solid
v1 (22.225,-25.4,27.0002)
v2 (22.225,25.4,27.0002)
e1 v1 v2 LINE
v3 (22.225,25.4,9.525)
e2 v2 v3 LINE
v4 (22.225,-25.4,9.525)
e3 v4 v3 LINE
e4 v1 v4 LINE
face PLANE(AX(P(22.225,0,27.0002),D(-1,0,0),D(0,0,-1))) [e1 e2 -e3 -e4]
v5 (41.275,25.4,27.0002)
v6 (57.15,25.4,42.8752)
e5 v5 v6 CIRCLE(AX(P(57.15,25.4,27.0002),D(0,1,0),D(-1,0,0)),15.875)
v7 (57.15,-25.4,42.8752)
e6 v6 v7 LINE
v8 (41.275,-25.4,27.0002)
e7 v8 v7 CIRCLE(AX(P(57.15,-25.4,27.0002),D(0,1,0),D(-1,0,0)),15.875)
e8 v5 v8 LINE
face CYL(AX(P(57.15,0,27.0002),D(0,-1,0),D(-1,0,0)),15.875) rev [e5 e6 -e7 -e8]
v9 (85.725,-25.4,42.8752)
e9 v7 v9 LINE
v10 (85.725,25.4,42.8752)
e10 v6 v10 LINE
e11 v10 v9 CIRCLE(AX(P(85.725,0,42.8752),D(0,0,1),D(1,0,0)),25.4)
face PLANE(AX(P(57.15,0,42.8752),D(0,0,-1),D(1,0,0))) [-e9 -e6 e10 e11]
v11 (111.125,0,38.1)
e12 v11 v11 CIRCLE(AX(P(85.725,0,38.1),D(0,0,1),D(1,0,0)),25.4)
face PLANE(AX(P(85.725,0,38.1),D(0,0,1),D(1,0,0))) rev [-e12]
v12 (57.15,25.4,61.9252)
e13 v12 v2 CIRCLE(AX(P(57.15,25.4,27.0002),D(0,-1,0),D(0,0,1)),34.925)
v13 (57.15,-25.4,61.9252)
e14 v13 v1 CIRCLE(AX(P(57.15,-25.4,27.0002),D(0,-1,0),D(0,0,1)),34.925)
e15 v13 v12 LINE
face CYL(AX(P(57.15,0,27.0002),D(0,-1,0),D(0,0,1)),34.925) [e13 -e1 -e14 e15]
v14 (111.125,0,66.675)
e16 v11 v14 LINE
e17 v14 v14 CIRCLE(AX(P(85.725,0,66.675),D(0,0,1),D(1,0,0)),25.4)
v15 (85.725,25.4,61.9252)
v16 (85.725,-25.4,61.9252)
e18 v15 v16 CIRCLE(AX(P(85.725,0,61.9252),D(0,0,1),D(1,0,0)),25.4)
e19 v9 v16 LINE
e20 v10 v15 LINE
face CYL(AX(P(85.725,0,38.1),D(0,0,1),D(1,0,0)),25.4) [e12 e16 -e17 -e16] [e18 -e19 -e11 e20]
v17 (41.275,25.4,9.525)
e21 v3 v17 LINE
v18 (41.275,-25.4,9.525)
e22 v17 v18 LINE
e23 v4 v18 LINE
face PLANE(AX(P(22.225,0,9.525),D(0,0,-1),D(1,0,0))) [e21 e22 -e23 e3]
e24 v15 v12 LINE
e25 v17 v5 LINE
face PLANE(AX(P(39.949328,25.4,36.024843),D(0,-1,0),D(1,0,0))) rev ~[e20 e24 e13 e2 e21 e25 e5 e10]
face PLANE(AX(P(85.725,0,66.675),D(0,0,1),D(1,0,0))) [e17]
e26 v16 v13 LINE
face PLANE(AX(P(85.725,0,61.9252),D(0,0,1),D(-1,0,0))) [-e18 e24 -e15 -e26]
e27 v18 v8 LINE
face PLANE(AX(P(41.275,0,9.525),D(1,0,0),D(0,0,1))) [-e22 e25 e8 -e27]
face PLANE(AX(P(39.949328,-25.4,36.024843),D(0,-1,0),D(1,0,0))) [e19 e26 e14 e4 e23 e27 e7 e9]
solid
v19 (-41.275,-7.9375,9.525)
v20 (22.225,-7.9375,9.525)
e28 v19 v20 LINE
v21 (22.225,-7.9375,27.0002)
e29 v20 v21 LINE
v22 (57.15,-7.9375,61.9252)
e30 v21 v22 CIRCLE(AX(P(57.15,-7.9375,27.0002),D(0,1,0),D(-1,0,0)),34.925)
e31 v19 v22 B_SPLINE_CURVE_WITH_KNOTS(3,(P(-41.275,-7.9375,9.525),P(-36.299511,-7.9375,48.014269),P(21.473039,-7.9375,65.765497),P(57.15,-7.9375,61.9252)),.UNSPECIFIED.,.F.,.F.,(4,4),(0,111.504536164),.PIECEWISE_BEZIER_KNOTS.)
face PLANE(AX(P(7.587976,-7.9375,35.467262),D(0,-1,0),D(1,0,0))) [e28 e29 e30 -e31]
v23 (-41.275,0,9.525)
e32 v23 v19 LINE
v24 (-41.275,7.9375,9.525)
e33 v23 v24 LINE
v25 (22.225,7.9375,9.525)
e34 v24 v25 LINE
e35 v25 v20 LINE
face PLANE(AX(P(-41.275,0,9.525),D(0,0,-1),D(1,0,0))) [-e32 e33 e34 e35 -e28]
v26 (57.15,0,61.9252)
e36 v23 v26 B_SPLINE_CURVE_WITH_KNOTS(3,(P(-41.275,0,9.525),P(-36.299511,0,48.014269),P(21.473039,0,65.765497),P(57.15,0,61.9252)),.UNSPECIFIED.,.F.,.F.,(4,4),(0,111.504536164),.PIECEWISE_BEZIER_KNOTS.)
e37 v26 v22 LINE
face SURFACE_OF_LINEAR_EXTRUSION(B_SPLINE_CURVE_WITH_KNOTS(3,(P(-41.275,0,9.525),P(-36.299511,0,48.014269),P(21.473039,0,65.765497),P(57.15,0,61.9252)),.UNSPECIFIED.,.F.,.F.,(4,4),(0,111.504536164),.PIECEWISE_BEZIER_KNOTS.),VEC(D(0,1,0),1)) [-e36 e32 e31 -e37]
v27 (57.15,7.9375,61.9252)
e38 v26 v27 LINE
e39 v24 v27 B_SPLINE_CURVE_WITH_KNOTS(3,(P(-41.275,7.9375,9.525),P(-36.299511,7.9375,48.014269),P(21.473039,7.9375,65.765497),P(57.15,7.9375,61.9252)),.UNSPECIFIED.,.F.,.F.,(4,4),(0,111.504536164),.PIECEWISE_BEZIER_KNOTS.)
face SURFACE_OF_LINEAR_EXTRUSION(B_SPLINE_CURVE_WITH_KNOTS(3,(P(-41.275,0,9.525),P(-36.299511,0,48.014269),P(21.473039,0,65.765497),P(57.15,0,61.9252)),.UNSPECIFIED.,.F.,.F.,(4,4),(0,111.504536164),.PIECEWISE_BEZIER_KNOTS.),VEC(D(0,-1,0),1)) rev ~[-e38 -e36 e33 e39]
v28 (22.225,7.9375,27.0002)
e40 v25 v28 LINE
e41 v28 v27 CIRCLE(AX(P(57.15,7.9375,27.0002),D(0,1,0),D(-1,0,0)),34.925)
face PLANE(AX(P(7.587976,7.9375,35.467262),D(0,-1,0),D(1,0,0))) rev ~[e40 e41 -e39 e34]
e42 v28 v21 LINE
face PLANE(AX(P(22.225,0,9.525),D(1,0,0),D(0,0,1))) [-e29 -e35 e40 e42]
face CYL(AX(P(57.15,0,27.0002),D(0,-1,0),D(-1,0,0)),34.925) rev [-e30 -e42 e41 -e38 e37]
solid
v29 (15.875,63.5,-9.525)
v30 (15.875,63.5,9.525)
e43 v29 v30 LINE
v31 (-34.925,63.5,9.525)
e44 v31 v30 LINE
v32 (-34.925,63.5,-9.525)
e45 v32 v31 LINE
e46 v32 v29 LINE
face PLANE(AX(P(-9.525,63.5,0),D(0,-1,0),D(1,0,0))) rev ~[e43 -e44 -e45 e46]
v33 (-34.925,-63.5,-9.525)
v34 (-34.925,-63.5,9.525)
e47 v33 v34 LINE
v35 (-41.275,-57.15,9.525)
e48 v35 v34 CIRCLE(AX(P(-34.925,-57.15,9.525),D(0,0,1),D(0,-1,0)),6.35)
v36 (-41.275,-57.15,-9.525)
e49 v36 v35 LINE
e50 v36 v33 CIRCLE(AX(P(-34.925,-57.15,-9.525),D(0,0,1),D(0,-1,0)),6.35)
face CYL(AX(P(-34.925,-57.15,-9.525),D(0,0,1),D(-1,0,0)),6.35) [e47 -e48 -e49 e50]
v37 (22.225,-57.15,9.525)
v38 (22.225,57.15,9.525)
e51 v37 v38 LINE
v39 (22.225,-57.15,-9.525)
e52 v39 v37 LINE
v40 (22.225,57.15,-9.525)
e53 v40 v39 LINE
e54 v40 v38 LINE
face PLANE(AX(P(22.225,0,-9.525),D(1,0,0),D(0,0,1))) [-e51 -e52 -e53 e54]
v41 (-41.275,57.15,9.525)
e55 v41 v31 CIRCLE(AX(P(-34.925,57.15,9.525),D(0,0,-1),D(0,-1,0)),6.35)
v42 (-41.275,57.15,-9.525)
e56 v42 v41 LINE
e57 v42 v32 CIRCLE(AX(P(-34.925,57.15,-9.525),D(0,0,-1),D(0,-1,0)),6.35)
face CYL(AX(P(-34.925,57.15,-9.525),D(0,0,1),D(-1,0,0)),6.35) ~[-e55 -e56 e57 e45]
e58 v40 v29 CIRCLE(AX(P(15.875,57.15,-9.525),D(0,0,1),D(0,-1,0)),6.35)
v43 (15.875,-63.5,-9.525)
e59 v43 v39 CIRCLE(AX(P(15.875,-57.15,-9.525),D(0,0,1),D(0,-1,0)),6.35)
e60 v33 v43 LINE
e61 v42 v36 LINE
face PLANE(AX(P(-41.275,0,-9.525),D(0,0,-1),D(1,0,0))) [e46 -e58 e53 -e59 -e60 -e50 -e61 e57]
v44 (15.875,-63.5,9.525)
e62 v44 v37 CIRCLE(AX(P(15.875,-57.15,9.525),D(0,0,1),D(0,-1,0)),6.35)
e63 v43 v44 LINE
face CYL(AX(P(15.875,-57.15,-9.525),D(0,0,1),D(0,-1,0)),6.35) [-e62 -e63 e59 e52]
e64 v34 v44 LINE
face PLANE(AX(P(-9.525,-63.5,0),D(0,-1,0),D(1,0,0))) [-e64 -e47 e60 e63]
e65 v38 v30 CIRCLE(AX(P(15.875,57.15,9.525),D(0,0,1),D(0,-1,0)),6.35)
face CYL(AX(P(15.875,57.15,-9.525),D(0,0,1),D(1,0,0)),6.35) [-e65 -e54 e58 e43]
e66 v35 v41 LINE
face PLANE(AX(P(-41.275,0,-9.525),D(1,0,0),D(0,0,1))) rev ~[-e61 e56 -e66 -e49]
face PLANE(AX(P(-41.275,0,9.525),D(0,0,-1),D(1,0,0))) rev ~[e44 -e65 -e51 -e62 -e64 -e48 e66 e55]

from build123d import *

# Parameters (mm, degrees)
F0_W     = 63.5
F0_H     = 19.05
F1_DEPTH = 63.5
F0_W_2   = 25.4
F2_DEPTH = 25.4
F3_DEPTH = 7.9375
F5_R     = 6.35


with BuildPart() as f1:
    # F0 (on Front) → F1 (new body, symmetric)
    with BuildSketch(Plane.XZ):
        with Locations((-9.525, 0)):
            Rectangle(F0_W, F0_H)
    extrude(amount=F1_DEPTH, both=True)

    # F5
    f5_edges = [f1.edges().sort_by_distance(p)[0] for p in [
        (-41.275, -63.5, 0),
        (22.225, -63.5, 0),
        (-41.275, 63.5, 0),
        (22.225, 63.5, 0),
    ]]
    fillet(f5_edges, radius=F5_R)


with BuildPart() as f2:
    # F0 (on Front) → F2 (new body, symmetric)
    with BuildSketch(Plane.XZ):
        with BuildLine():
            Line((22.225, 9.525), (41.275, 9.525))
            Line((41.275, 9.525), (41.275, 27.0002))
            ThreePointArc((41.275, 27.0002), (45.9246798487, 38.2255201513), (57.15, 42.8752))
            Line((57.15, 42.8752), (60.325, 42.8752))
            Line((60.325, 42.8752), (60.325, 61.9252))
            Line((60.325, 61.9252), (57.15, 61.9252))
            ThreePointArc((57.15, 61.9252), (32.4542956671, 51.6959043329), (22.225, 27.0002))
            Line((22.225, 27.0002), (22.225, 9.525))
        make_face()
        with Locations((73.025, 52.4002)):
            Rectangle(F0_W_2, F0_H)
    extrude(amount=F2_DEPTH, both=True)

    # F0 (on Front) → F4 (revolve)
    with BuildSketch(Plane.XZ):
        Polygon((85.725, 61.9252), (85.725, 42.8752), (85.725, 38.1), (111.125, 38.1), (111.125, 66.675), (85.725, 66.675), align=None)
    revolve(axis=Axis((85.725, 0, 52.3875), (0, 0, 1)))


with BuildPart() as f3:
    # F0 (on Front) → F3 (new body, symmetric)
    with BuildSketch(Plane.XZ):
        with BuildLine():
            Line((-41.275, 9.525), (22.225, 9.525))
            Line((22.225, 9.525), (22.225, 27.0002))
            ThreePointArc((22.225, 27.0002), (32.4542956671, 51.6959043329), (57.15, 61.9252))
            add(Edge.make_bspline(
                [(-41.275, 9.525), (-36.2995113248, 48.0142694389), (21.47303888, 65.7654965479), (57.15, 61.9252)],
                knots=[0, 0, 0, 0, 111.5045361635, 111.5045361635, 111.5045361635, 111.5045361635], degree=3))
        make_face()
    extrude(amount=F3_DEPTH, both=True)


solid = Compound([f1.part, f2.part, f3.part])
